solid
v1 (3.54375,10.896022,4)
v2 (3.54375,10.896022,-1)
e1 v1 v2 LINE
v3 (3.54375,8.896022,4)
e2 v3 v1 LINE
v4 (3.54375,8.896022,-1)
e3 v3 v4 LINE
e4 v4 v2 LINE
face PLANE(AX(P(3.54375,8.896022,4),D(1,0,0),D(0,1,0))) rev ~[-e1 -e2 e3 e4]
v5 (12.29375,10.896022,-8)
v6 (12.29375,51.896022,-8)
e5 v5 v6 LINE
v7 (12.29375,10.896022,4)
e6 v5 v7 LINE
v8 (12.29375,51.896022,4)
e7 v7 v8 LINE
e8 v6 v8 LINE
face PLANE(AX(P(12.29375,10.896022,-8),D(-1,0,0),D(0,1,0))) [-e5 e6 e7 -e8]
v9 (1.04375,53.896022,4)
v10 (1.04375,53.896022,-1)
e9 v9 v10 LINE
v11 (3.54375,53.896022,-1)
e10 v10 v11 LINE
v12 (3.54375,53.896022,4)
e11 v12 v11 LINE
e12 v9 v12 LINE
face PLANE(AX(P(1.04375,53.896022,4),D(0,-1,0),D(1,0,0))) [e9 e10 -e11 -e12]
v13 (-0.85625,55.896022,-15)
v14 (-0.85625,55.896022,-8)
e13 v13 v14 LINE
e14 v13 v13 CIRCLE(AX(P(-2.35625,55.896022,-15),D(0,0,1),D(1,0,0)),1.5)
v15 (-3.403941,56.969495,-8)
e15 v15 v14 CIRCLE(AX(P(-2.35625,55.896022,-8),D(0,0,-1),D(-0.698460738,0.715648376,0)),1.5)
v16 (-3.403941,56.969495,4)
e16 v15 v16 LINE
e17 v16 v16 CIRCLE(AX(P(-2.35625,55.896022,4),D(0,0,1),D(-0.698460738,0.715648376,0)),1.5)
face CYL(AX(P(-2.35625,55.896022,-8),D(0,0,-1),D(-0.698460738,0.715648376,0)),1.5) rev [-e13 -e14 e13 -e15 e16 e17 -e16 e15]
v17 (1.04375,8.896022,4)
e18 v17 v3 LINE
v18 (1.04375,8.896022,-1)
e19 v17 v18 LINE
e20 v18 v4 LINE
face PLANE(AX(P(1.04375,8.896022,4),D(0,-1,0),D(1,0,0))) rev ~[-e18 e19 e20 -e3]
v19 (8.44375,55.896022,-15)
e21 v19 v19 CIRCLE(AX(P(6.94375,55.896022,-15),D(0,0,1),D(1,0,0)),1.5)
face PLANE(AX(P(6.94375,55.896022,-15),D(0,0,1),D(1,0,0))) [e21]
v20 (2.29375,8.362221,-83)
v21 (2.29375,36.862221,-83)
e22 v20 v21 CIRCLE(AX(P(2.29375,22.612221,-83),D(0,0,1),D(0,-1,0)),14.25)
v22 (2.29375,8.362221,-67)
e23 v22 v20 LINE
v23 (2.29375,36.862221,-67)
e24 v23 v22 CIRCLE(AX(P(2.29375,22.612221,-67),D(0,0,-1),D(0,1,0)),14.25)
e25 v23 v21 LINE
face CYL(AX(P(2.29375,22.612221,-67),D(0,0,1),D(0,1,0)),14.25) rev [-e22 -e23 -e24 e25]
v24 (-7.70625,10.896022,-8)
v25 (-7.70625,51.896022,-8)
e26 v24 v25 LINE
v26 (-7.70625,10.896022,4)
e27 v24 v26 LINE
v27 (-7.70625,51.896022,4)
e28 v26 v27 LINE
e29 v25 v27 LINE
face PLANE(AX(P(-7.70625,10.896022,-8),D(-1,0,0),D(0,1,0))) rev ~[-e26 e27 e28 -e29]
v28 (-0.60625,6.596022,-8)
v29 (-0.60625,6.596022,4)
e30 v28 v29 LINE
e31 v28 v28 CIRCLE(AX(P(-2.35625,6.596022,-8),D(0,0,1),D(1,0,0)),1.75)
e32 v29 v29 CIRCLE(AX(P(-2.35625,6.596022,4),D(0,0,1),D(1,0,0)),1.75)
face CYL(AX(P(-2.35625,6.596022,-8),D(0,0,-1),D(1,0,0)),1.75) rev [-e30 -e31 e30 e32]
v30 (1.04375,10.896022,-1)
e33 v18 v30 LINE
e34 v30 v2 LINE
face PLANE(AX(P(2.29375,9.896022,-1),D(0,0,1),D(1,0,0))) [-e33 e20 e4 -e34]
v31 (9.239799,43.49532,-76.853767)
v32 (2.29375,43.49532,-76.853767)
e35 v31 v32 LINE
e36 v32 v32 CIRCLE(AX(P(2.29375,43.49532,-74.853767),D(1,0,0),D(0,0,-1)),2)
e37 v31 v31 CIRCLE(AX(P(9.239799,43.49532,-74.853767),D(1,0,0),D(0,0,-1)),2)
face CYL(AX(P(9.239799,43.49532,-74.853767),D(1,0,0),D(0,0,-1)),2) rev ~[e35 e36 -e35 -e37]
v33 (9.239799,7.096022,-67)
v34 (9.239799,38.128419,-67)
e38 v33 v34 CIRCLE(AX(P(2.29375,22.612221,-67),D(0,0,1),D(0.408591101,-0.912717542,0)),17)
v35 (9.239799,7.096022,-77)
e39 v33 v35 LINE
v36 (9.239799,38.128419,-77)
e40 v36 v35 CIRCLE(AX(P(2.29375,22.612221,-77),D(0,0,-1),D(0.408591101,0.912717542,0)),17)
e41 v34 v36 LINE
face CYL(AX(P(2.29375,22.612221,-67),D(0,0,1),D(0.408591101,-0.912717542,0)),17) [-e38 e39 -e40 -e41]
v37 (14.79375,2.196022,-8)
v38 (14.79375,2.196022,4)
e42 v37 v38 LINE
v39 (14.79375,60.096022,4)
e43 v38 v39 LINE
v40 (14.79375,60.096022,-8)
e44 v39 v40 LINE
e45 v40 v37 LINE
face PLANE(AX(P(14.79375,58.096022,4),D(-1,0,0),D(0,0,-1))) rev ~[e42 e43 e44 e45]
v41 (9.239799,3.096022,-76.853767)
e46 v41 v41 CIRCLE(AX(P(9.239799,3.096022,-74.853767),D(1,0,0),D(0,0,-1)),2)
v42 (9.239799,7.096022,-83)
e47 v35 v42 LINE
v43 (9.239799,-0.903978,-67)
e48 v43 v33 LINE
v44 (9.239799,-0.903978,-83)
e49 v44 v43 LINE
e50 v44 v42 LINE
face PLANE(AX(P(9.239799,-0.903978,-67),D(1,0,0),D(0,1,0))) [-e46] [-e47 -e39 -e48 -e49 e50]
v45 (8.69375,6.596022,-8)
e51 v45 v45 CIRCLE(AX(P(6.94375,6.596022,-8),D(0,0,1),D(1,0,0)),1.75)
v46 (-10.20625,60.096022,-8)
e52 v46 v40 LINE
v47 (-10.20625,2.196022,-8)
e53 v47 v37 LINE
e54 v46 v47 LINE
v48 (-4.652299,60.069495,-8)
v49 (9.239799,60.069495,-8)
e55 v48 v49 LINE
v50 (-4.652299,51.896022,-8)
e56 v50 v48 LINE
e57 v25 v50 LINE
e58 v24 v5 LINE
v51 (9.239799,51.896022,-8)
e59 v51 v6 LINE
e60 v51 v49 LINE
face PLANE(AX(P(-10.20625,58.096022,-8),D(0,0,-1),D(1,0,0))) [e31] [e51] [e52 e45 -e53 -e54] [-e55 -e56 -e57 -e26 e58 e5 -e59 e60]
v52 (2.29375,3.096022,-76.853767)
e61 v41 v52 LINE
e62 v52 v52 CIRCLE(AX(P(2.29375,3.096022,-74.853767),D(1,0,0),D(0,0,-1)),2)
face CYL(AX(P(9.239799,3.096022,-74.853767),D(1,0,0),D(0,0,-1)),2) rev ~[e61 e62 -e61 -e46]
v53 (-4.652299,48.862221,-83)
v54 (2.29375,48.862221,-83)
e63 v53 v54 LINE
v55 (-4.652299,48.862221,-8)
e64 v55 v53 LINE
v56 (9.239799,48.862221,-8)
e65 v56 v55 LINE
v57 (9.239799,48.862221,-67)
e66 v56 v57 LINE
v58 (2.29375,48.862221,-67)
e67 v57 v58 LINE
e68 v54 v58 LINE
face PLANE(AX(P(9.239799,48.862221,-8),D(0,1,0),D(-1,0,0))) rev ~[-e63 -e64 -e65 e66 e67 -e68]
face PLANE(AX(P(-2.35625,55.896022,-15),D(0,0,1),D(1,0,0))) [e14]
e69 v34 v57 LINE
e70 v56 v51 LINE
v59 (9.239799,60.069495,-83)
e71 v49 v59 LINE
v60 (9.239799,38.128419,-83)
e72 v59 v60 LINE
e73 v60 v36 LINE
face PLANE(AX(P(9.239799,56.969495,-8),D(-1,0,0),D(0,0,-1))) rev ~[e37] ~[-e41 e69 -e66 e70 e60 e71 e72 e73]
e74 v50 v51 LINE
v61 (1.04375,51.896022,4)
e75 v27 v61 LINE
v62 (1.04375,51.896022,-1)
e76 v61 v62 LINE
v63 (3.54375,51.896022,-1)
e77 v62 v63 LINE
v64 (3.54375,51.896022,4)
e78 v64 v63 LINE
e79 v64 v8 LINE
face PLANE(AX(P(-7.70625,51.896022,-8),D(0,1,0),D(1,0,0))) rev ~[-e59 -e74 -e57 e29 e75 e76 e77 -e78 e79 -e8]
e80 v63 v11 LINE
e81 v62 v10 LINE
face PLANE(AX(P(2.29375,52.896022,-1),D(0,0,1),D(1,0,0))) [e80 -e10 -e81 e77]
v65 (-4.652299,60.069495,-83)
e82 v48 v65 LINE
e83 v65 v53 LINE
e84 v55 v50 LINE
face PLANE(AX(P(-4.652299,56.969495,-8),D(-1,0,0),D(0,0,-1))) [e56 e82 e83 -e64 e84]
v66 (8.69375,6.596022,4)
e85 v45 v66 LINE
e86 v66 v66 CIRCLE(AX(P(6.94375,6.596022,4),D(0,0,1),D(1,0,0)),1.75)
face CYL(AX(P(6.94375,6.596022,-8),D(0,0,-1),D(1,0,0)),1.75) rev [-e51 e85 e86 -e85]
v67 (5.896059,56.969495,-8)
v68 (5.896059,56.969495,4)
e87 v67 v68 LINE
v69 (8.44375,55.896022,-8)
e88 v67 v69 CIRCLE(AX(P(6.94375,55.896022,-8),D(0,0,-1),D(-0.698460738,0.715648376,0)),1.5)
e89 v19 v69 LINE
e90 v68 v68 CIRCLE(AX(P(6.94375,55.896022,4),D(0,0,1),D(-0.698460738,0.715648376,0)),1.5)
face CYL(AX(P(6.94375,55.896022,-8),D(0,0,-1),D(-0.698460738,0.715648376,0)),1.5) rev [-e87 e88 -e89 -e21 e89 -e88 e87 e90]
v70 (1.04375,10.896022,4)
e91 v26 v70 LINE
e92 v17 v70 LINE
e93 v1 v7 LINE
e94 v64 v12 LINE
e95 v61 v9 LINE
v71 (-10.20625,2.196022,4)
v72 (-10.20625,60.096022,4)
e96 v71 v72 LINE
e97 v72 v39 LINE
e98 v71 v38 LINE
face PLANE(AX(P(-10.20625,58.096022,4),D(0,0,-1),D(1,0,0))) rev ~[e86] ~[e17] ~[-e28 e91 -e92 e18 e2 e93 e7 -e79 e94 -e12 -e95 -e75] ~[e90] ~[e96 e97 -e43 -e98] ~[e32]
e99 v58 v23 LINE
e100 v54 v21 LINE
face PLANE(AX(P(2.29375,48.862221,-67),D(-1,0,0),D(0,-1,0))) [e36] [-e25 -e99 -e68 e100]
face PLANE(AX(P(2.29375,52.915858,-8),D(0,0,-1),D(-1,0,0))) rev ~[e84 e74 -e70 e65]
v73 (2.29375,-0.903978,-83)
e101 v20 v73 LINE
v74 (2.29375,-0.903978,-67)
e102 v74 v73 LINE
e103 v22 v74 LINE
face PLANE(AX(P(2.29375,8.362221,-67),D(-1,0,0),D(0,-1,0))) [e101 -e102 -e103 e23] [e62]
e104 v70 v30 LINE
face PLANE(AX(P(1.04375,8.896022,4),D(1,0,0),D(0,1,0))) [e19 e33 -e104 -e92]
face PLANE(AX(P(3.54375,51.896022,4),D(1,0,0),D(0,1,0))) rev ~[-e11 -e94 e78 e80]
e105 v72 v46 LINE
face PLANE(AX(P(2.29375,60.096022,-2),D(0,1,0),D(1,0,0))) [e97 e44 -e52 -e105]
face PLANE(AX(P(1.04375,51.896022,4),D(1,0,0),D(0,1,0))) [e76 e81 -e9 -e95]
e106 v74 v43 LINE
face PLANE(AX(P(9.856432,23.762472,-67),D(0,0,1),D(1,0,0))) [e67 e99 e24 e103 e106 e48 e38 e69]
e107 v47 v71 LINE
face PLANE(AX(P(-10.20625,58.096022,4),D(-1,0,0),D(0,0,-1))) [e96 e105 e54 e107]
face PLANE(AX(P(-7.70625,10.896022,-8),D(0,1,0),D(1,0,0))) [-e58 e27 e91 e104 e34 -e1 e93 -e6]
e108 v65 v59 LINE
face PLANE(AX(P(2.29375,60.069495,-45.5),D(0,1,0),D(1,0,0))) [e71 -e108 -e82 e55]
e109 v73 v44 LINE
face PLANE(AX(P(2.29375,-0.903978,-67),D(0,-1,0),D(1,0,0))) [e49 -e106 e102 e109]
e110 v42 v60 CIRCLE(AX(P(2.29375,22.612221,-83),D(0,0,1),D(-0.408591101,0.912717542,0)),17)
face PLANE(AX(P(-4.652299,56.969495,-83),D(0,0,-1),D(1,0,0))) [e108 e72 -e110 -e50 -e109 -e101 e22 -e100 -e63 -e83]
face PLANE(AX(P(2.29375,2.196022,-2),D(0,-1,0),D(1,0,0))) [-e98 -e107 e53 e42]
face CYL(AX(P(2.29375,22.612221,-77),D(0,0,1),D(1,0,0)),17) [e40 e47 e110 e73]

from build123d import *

# Parameters (mm, degrees)
SKETCH_14_W          = 13.892097438
SKETCH_14_H          = 8.107274344
EXTRUDE_7_DEPTH      = 75
EXTRUDE_15_DEPTH     = 12
SKETCH_21_R          = 17
SKETCH_21_R_2        = 14.25
EXTRUDE_16_DEPTH     = 6
EXTRUDE_17_DEPTH     = 6
CUT_EXTRUDE_3_DEPTH  = 6
EXTRUDE_START        = 10
EXTRUDE_18_DEPTH     = 10
SKETCH_26_R          = 2
CUT_EXTRUDE_5_DEPTH  = 102.624375612
SKETCH_27_W          = 25
SKETCH_27_H          = 59
SKETCH_27_R          = 1.75
SKETCH_27_R_2        = 1.5
SKETCH_27_W_2        = 20
SKETCH_27_H_2        = 41
EXTRUDE_20_DEPTH     = 12
SKETCH_29_W          = 25
SKETCH_29_H          = 12
EXTRUDE_21_DEPTH     = 2
SKETCH_31_W          = 13.892097438
SKETCH_31_H          = 75
EXTRUDE_22_DEPTH     = 3.1
SKETCH_33_W          = 25
SKETCH_33_H          = 12
CUT_EXTRUDE_8_DEPTH  = 3.1
CUT_EXTRUDE_START    = -7
SKETCH_34_R          = 1.5
CUT_EXTRUDE_9_DEPTH  = 7
SKETCH_35_W          = 2.5
SKETCH_35_H          = 2
CUT_EXTRUDE_10_DEPTH = 5


with BuildPart() as part:
    # 草圖14 → 填料-伸長7 (new body)
    with BuildSketch(Plane(origin=(0, 0, -8), x_dir=(-1, 0, 0), z_dir=(0, 0, -1))):
        with Locations((-2.293750102, 52.915857713)):
            Rectangle(SKETCH_14_W, SKETCH_14_H)
    extrude(amount=EXTRUDE_7_DEPTH)

    # 草圖15 → 填料-伸長15 (add)
    with BuildSketch(Plane.XZ.offset(-48.862220541)):
        Polygon((2.293750102, -83), (-4.652298617, -83), (-4.652298617, -77), (2.293750102, -77), (9.239798821, -77), (9.239798821, -83), align=None)
    extrude(amount=EXTRUDE_15_DEPTH)

    # 草圖21 → 填料-伸長16 (add)
    with BuildSketch(Plane.XY.offset(-77)):
        with Locations((2.293750102, 22.612220541)):
            Circle(SKETCH_21_R)
        with Locations((2.293750102, 22.612220541)):
            Circle(SKETCH_21_R_2, mode=Mode.SUBTRACT)
    extrude(amount=-EXTRUDE_16_DEPTH)

    # 草圖22 → 填料-伸長17 (add)
    with BuildSketch(Plane.XY.offset(-77)):
        with BuildLine():
            Line((-4.652298617, 7.096022321), (-4.652298617, -0.903977679))
            Line((-4.652298617, -0.903977679), (9.239798821, -0.903977679))
            Line((9.239798821, -0.903977679), (9.239798821, 7.096022321))
            ThreePointArc((9.239798821, 7.096022321), (2.293750102, 5.612220541), (-4.652298617, 7.096022321))
        make_face()
    extrude(amount=-EXTRUDE_17_DEPTH)

    # 草圖23 → 除料-伸長3 (cut)
    with BuildSketch(Plane.XY.offset(-77)):
        with BuildLine():
            Line((2.293750102, 48.862220541), (2.293750102, 36.862220541))
            ThreePointArc((2.293750102, 36.862220541), (-11.956249898, 22.612220541), (2.293750102, 8.362220541))
            Line((2.293750102, 8.362220541), (2.293750102, -0.903977679))
            Line((2.293750102, -0.903977679), (-4.652298617, -0.903977679))
            Line((-4.652298617, -0.903977679), (-4.652298617, 7.096022321))
            ThreePointArc((-4.652298617, 7.096022321), (-14.706249898, 22.612220541), (-4.652298617, 38.12841876))
            Line((-4.652298617, 38.12841876), (-4.652298617, 48.862220541))
            Line((-4.652298617, 48.862220541), (2.293750102, 48.862220541))
        make_face()
    extrude(amount=-CUT_EXTRUDE_3_DEPTH, mode=Mode.SUBTRACT)

    # 草圖25 → 填料-伸長18 (add)
    with BuildSketch(Plane.XY.offset(-77).offset(EXTRUDE_START)):
        with BuildLine():
            Line((2.293750102, -0.903977679), (9.239798821, -0.903977679))
            Line((9.239798821, -0.903977679), (9.239798821, 7.096022321))
            ThreePointArc((9.239798821, 7.096022321), (19.293750102, 22.612220541), (9.239798821, 38.12841876))
            Line((9.239798821, 38.12841876), (9.239798821, 48.862220541))
            Line((9.239798821, 48.862220541), (2.293750102, 48.862220541))
            Line((2.293750102, 48.862220541), (2.293750102, 36.862220541))
            ThreePointArc((2.293750102, 36.862220541), (16.543750102, 22.612220541), (2.293750102, 8.362220541))
            Line((2.293750102, 8.362220541), (2.293750102, -0.903977679))
        make_face()
    extrude(amount=-EXTRUDE_18_DEPTH)

    # 草圖26 → 除料-伸長5 (cut, through all)
    with BuildSketch(Plane(origin=(9.239798821, 0, 0), x_dir=(0, 0, -1), z_dir=(1, 0, 0))):
        with Locations((74.853766884, 3.096022321)):
            Circle(SKETCH_26_R)
        with Locations((74.853766884, 43.49531965)):
            Circle(SKETCH_26_R)
    extrude(amount=-CUT_EXTRUDE_5_DEPTH, mode=Mode.SUBTRACT)

    # 草圖27 → 填料-伸長20 (add)
    with BuildSketch(Plane.XY.offset(-8)):
        with Locations((2.293750102, 28.596022321)):
            Rectangle(SKETCH_27_W, SKETCH_27_H)
        with Locations((-2.356249898, 6.596022321)):
            Circle(SKETCH_27_R, mode=Mode.SUBTRACT)
        with Locations((6.943750102, 6.596022321)):
            Circle(SKETCH_27_R, mode=Mode.SUBTRACT)
        with Locations(Location((-2.356249898, 55.896022321, 0), (0, 0, 134.303638859))):
            Circle(SKETCH_27_R_2, mode=Mode.SUBTRACT)
        with Locations(Location((6.943750102, 55.896022321, 0), (0, 0, 134.303638859))):
            Circle(SKETCH_27_R_2, mode=Mode.SUBTRACT)
        with Locations((2.293750102, 31.396022321)):
            Rectangle(SKETCH_27_W_2, SKETCH_27_H_2, mode=Mode.SUBTRACT)
    extrude(amount=EXTRUDE_20_DEPTH)

    # 草圖29 → 填料-伸長21 (add)
    with BuildSketch(Plane(origin=(0, 58.096022321, 0), x_dir=(1, 0, 0), z_dir=(0, 1, 0))):
        with Locations((2.293750102, 2)):
            Rectangle(SKETCH_29_W, SKETCH_29_H)
    extrude(amount=EXTRUDE_21_DEPTH)

    # 草圖31 → 填料-伸長22 (add)
    with BuildSketch(Plane(origin=(0, 56.969494885, 0), x_dir=(1, 0, 0), z_dir=(0, 1, 0))):
        with Locations((2.293750102, 45.5)):
            Rectangle(SKETCH_31_W, SKETCH_31_H)
    extrude(amount=EXTRUDE_22_DEPTH)

    # 草圖33 → 除料-伸長8 (cut)
    with BuildSketch(Plane.XZ.offset(0.903977679)):
        with Locations((2.293750102, -2)):
            Rectangle(SKETCH_33_W, SKETCH_33_H)
    extrude(amount=-CUT_EXTRUDE_8_DEPTH, mode=Mode.SUBTRACT)

    # 草圖34 → 除料-伸長9 (cut)
    with BuildSketch(Plane.XY.offset(-8).offset(CUT_EXTRUDE_START)):
        with Locations((6.943750102, 55.896022321)):
            Circle(SKETCH_34_R)
        with Locations((-2.356249898, 55.896022321)):
            Circle(SKETCH_34_R)
    extrude(amount=CUT_EXTRUDE_9_DEPTH, mode=Mode.SUBTRACT)

    # 草圖35 → 除料-伸長10 (cut)
    with BuildSketch(Plane.XY.offset(4)):
        with Locations((2.293750102, 52.896022321)):
            Rectangle(SKETCH_35_W, SKETCH_35_H)
        with Locations((2.293750102, 9.896022321)):
            Rectangle(SKETCH_35_W, SKETCH_35_H)
    extrude(amount=-CUT_EXTRUDE_10_DEPTH, mode=Mode.SUBTRACT)


solid = part.part
